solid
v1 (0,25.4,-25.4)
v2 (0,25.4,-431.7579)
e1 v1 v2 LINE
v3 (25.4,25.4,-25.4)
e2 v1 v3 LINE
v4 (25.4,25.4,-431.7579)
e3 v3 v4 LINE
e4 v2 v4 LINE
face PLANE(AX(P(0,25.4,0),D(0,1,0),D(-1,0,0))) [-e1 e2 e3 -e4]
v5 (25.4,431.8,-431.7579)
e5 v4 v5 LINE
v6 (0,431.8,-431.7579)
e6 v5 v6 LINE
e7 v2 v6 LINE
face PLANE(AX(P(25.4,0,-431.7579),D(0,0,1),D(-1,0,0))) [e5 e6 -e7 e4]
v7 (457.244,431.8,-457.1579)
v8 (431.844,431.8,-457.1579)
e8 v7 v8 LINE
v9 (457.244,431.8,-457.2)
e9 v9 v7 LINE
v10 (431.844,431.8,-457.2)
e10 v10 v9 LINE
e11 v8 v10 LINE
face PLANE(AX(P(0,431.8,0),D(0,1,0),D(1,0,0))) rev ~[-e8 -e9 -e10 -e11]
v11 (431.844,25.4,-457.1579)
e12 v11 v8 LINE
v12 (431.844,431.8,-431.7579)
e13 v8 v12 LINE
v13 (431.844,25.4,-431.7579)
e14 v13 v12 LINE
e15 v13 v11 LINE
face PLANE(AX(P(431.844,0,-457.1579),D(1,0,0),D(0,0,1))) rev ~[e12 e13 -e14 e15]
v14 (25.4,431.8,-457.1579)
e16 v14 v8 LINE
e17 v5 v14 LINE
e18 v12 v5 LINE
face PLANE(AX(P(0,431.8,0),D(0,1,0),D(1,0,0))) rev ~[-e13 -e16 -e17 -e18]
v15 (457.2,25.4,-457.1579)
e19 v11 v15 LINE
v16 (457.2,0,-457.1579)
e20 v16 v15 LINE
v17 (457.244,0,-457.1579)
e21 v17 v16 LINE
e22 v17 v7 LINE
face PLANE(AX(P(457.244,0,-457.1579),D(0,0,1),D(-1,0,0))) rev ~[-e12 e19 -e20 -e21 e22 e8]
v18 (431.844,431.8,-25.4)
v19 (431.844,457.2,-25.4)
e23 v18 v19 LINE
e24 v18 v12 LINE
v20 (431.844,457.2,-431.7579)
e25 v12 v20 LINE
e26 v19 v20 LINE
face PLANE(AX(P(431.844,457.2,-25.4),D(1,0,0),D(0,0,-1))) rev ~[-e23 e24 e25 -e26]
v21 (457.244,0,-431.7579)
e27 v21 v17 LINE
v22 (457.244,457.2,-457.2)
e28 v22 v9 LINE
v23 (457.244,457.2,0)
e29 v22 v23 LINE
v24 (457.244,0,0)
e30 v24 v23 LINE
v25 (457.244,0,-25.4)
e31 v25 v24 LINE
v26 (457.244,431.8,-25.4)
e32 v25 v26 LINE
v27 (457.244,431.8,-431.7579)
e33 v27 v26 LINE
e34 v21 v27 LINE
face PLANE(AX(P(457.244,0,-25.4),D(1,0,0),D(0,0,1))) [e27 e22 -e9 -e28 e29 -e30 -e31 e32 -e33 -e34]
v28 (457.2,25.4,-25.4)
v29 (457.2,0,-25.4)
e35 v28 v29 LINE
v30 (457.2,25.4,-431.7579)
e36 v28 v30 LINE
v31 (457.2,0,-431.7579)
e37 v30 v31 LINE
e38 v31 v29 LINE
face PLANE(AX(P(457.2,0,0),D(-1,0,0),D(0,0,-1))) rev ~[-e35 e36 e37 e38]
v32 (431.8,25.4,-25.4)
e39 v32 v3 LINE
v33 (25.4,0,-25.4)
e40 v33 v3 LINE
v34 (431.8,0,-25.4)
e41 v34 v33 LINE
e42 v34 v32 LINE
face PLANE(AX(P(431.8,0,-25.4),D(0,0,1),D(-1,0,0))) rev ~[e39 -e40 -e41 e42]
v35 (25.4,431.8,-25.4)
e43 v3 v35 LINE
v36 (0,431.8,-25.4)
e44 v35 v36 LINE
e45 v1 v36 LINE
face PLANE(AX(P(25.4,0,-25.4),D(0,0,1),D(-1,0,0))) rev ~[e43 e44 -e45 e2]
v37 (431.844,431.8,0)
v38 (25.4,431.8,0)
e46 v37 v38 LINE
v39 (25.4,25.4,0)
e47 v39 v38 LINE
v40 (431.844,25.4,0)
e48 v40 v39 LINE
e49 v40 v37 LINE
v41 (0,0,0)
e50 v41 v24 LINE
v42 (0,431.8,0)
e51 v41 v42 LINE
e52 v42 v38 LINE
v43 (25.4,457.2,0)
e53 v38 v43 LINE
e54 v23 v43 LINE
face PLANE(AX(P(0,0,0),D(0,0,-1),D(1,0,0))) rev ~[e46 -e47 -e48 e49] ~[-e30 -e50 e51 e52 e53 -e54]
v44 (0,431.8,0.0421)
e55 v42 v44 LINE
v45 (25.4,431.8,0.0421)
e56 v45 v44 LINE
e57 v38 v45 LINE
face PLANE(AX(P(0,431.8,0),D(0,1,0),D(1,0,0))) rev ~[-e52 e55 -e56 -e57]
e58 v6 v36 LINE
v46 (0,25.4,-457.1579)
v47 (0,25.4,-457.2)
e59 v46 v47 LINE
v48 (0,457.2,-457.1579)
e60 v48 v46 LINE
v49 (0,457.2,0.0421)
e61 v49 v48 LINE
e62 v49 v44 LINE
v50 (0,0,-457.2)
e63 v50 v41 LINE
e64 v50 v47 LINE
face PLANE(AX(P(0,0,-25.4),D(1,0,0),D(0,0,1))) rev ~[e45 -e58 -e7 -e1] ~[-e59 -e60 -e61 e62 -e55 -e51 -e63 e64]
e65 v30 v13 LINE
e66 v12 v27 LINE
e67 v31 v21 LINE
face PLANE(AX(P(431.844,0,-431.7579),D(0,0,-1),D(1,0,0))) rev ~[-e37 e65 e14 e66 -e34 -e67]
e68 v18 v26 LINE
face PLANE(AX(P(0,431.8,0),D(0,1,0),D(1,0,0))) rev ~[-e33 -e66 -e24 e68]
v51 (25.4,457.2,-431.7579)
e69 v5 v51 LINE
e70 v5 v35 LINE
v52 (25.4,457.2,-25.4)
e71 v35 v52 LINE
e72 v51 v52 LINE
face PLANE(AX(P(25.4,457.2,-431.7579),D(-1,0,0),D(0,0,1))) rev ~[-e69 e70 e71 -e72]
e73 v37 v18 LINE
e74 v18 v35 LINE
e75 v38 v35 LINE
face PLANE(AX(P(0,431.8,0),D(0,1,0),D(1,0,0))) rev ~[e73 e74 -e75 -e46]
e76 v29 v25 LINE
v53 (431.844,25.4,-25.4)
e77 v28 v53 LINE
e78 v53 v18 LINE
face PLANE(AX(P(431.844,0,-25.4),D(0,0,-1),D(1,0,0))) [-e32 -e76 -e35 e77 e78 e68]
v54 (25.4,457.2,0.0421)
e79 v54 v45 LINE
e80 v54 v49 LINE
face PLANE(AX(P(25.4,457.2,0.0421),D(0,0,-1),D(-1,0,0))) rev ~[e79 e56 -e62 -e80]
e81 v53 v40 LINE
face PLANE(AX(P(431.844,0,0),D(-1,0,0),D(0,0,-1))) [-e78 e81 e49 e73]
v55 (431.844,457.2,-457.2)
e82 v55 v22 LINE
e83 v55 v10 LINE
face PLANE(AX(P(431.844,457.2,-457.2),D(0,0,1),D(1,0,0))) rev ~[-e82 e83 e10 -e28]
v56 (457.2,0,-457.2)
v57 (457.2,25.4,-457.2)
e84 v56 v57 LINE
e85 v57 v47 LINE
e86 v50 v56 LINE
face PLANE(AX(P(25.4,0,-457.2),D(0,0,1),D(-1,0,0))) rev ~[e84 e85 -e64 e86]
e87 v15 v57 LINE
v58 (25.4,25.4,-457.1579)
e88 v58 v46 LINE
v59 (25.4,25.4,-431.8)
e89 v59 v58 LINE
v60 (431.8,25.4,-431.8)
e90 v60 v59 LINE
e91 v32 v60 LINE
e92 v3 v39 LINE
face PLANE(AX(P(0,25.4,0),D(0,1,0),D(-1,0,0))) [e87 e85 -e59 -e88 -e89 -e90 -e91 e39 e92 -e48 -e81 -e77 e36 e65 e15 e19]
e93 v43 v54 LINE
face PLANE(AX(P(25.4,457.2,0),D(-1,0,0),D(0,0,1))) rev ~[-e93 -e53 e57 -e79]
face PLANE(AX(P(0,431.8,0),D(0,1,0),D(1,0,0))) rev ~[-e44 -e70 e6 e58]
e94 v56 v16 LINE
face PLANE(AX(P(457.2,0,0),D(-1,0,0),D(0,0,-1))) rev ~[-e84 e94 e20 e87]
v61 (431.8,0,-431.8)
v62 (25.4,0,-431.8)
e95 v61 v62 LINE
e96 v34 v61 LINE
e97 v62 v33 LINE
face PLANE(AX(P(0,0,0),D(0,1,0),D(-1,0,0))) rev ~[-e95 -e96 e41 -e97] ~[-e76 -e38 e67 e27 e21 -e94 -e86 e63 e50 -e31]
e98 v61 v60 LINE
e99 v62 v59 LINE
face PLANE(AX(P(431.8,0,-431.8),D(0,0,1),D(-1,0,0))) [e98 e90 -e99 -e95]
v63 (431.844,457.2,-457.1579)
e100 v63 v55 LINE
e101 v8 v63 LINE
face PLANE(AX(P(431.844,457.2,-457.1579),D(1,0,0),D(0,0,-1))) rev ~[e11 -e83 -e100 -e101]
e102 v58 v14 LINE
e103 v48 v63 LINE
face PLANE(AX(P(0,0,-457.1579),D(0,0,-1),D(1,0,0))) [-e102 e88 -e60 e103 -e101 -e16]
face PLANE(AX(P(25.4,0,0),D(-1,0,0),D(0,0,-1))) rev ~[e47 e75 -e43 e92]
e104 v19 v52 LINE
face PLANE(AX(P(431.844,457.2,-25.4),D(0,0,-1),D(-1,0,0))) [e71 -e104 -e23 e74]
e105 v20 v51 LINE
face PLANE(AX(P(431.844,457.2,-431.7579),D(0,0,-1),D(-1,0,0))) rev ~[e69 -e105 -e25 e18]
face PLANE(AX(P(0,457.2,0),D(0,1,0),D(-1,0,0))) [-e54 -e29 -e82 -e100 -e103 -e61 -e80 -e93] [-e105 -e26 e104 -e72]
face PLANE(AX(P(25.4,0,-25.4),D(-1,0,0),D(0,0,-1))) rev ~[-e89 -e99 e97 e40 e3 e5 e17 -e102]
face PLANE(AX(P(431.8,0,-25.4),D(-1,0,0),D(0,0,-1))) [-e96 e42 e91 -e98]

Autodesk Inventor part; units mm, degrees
ref_plane "YZ Plane" through (0, 0, 0) normal (1, 0, 0) x (0, 1, 0)
ref_plane "XZ Plane" through (0, 0, 0) normal (0, 1, 0) x (-1, 0, 0)
ref_plane "XY Plane" through (0, 0, 0) normal (0, 0, 1) x (1, 0, 0)
sketch "Sketch1" plane through (0, 0, 0) normal (0, 1, 0) x (-1, 0, 0)
  line L0 (0, 0) -> (-457.2, 0)
  line L1 (-457.2, 0) -> (-457.2, -25.4)
  line L2 (-457.2, -25.4) -> (0, -25.4)
  line L3 (0, -25.4) -> (0, 0)
  line L4 (0, 0) -> (-25.4, 0)
  line L5 (-25.4, 0) -> (-25.4, -457.2)
  line L6 (-25.4, -457.2) -> (0, -457.2)
  line L7 (0, -457.2) -> (0, 0)
  line L8 (0, -457.2) -> (-457.2, -457.2)
  line L9 (-457.2, -457.2) -> (-457.2, -431.8)
  line L10 (-457.2, -431.8) -> (0, -431.8)
  line L11 (0, -431.8) -> (0, -457.2)
  line L12 (-457.2, 0) -> (-431.8, 0)
  line L13 (-431.8, 0) -> (-431.8, -457.2)
  line L14 (-431.8, -457.2) -> (-457.2, -457.2)
  line L15 (-457.2, -457.2) -> (-457.2, 0)
  dimension "d0" = 457.2
  dimension "d1" = 25.4
  dimension "d2" = 25.4
  dimension "d3" = 457.2
  dimension "d4" = 457.2
  dimension "d5" = 25.4
  dimension "d6" = 25.4
sketch "Sketch2" plane through (0, 0, 0) normal (0, 1, 0) x (-1, 0, 0)
  line L0 (0, 0) -> (-25.4, 0)
  line L1 (-25.4, 0) -> (-25.4, -25.4)
  line L2 (-25.4, -25.4) -> (0, -25.4)
  line L3 (0, -25.4) -> (0, 0)
  line L4 (0, -457.1579) -> (-25.4, -457.1579)
  line L5 (-25.4, -457.1579) -> (-25.4, -431.7579)
  line L6 (-25.4, -431.7579) -> (0, -431.7579)
  line L7 (0, -431.7579) -> (0, -457.1579)
  line L8 (-457.244, -457.1579) -> (-431.844, -457.1579)
  line L9 (-431.844, -457.1579) -> (-431.844, -431.7579)
  line L10 (-431.844, -431.7579) -> (-457.244, -431.7579)
  line L11 (-457.244, -431.7579) -> (-457.244, -457.1579)
  line L12 (-457.244, 0) -> (-431.844, 0)
  line L13 (-431.844, 0) -> (-431.844, -25.4)
  line L14 (-431.844, -25.4) -> (-457.244, -25.4)
  line L15 (-457.244, -25.4) -> (-457.244, 0)
  dimension "d7" = 25.4
  dimension "d8" = 25.4
  dimension "d9" = 25.4
  dimension "d10" = 25.4
  dimension "d11" = 25.4
  dimension "d12" = 25.4
  dimension "d13" = 25.4
  dimension "d14" = 25.4
sketch "Sketch3" plane through (0, 0, 0) normal (0, 0, 1) x (1, 0, 0)
  point P0 (0, 0)
sketch "Sketch4" plane through (0, 0, 0) normal (0, 0, 1) x (1, 0, 0)
  point P0 (0, 0)
extrude "Extrusion1" add sketch "Sketch1" along normal blind 25.4 contours L3 L2 L5 L0 | L5 L2 L13 L0 | L7 L10 L5 L2 | L13 L2 L1 L0 | L7 L6 L5 L10 | L13 L10 L15 L2 | L5 L8 L13 L10 | L13 L8 L9 L10
extrude "Extrusion2" add sketch "Sketch2" along normal blind 457.2
sketch "Sketch5" plane through (0, 457.2, 0) normal (0, 1, 0) x (1, 0, 0)
  line L0 (0, 0) -> (25.4, 0)
  line L1 (25.4, 0) -> (25.4, 25.4)
  line L2 (25.4, 25.4) -> (0, 25.4)
  line L3 (0, 25.4) -> (0, 0)
  line L4 (0, 457.1579) -> (25.4, 457.1579)
  line L5 (25.4, 457.1579) -> (25.4, -0.0421)
  line L6 (25.4, -0.0421) -> (0, -0.0421)
  line L7 (0, -0.0421) -> (0, 457.1579)
  line L8 (457.244, 25.4) -> (431.844, 25.4) projected
  line L9 (0, 0) -> (457.2, 0)
  line L10 (457.2, 0) -> (457.2, 25.4)
  line L11 (457.2, 25.4) -> (0, 25.4)
  line L12 (0, 25.4) -> (0, 0)
  line L13 (431.844, 431.7579) -> (457.244, 431.7579) projected
  line L14 (0, 457.1579) -> (457.2, 457.1579)
  line L15 (457.2, 457.1579) -> (457.2, 431.7579)
  line L16 (457.2, 431.7579) -> (0, 431.7579)
  line L17 (0, 431.7579) -> (0, 457.1579)
  line L18 (457.244, 0) -> (431.844, 0)
  line L19 (431.844, 0) -> (431.844, 457.2)
  line L20 (431.844, 457.2) -> (457.244, 457.2)
  line L21 (457.244, 457.2) -> (457.244, 0)
  dimension "d19" = 25.4
  dimension "d20" = 457.2
  dimension "d21" = 457.2
  dimension "d22" = 457.2
  dimension "d23" = 25.4
  dimension "d24" = 457.2
extrude "Extrusion3" add sketch "Sketch5" against normal blind 25.4 contours L3 L2 L1 L0 | L0 L5 L6 L7 | L1 L11 L19 L9 | L7 L16 L5 L2 | L19 L8 L10 L9 | L7 L4 L5 L16 | L5 L14 L19 L16 | L19 L13 L21 L8 | L10 L8 L21 L18 | L19 L14 L15 L13 | L19 L20 L21 L13 L15 L14
properties part number "Basic Frame"
